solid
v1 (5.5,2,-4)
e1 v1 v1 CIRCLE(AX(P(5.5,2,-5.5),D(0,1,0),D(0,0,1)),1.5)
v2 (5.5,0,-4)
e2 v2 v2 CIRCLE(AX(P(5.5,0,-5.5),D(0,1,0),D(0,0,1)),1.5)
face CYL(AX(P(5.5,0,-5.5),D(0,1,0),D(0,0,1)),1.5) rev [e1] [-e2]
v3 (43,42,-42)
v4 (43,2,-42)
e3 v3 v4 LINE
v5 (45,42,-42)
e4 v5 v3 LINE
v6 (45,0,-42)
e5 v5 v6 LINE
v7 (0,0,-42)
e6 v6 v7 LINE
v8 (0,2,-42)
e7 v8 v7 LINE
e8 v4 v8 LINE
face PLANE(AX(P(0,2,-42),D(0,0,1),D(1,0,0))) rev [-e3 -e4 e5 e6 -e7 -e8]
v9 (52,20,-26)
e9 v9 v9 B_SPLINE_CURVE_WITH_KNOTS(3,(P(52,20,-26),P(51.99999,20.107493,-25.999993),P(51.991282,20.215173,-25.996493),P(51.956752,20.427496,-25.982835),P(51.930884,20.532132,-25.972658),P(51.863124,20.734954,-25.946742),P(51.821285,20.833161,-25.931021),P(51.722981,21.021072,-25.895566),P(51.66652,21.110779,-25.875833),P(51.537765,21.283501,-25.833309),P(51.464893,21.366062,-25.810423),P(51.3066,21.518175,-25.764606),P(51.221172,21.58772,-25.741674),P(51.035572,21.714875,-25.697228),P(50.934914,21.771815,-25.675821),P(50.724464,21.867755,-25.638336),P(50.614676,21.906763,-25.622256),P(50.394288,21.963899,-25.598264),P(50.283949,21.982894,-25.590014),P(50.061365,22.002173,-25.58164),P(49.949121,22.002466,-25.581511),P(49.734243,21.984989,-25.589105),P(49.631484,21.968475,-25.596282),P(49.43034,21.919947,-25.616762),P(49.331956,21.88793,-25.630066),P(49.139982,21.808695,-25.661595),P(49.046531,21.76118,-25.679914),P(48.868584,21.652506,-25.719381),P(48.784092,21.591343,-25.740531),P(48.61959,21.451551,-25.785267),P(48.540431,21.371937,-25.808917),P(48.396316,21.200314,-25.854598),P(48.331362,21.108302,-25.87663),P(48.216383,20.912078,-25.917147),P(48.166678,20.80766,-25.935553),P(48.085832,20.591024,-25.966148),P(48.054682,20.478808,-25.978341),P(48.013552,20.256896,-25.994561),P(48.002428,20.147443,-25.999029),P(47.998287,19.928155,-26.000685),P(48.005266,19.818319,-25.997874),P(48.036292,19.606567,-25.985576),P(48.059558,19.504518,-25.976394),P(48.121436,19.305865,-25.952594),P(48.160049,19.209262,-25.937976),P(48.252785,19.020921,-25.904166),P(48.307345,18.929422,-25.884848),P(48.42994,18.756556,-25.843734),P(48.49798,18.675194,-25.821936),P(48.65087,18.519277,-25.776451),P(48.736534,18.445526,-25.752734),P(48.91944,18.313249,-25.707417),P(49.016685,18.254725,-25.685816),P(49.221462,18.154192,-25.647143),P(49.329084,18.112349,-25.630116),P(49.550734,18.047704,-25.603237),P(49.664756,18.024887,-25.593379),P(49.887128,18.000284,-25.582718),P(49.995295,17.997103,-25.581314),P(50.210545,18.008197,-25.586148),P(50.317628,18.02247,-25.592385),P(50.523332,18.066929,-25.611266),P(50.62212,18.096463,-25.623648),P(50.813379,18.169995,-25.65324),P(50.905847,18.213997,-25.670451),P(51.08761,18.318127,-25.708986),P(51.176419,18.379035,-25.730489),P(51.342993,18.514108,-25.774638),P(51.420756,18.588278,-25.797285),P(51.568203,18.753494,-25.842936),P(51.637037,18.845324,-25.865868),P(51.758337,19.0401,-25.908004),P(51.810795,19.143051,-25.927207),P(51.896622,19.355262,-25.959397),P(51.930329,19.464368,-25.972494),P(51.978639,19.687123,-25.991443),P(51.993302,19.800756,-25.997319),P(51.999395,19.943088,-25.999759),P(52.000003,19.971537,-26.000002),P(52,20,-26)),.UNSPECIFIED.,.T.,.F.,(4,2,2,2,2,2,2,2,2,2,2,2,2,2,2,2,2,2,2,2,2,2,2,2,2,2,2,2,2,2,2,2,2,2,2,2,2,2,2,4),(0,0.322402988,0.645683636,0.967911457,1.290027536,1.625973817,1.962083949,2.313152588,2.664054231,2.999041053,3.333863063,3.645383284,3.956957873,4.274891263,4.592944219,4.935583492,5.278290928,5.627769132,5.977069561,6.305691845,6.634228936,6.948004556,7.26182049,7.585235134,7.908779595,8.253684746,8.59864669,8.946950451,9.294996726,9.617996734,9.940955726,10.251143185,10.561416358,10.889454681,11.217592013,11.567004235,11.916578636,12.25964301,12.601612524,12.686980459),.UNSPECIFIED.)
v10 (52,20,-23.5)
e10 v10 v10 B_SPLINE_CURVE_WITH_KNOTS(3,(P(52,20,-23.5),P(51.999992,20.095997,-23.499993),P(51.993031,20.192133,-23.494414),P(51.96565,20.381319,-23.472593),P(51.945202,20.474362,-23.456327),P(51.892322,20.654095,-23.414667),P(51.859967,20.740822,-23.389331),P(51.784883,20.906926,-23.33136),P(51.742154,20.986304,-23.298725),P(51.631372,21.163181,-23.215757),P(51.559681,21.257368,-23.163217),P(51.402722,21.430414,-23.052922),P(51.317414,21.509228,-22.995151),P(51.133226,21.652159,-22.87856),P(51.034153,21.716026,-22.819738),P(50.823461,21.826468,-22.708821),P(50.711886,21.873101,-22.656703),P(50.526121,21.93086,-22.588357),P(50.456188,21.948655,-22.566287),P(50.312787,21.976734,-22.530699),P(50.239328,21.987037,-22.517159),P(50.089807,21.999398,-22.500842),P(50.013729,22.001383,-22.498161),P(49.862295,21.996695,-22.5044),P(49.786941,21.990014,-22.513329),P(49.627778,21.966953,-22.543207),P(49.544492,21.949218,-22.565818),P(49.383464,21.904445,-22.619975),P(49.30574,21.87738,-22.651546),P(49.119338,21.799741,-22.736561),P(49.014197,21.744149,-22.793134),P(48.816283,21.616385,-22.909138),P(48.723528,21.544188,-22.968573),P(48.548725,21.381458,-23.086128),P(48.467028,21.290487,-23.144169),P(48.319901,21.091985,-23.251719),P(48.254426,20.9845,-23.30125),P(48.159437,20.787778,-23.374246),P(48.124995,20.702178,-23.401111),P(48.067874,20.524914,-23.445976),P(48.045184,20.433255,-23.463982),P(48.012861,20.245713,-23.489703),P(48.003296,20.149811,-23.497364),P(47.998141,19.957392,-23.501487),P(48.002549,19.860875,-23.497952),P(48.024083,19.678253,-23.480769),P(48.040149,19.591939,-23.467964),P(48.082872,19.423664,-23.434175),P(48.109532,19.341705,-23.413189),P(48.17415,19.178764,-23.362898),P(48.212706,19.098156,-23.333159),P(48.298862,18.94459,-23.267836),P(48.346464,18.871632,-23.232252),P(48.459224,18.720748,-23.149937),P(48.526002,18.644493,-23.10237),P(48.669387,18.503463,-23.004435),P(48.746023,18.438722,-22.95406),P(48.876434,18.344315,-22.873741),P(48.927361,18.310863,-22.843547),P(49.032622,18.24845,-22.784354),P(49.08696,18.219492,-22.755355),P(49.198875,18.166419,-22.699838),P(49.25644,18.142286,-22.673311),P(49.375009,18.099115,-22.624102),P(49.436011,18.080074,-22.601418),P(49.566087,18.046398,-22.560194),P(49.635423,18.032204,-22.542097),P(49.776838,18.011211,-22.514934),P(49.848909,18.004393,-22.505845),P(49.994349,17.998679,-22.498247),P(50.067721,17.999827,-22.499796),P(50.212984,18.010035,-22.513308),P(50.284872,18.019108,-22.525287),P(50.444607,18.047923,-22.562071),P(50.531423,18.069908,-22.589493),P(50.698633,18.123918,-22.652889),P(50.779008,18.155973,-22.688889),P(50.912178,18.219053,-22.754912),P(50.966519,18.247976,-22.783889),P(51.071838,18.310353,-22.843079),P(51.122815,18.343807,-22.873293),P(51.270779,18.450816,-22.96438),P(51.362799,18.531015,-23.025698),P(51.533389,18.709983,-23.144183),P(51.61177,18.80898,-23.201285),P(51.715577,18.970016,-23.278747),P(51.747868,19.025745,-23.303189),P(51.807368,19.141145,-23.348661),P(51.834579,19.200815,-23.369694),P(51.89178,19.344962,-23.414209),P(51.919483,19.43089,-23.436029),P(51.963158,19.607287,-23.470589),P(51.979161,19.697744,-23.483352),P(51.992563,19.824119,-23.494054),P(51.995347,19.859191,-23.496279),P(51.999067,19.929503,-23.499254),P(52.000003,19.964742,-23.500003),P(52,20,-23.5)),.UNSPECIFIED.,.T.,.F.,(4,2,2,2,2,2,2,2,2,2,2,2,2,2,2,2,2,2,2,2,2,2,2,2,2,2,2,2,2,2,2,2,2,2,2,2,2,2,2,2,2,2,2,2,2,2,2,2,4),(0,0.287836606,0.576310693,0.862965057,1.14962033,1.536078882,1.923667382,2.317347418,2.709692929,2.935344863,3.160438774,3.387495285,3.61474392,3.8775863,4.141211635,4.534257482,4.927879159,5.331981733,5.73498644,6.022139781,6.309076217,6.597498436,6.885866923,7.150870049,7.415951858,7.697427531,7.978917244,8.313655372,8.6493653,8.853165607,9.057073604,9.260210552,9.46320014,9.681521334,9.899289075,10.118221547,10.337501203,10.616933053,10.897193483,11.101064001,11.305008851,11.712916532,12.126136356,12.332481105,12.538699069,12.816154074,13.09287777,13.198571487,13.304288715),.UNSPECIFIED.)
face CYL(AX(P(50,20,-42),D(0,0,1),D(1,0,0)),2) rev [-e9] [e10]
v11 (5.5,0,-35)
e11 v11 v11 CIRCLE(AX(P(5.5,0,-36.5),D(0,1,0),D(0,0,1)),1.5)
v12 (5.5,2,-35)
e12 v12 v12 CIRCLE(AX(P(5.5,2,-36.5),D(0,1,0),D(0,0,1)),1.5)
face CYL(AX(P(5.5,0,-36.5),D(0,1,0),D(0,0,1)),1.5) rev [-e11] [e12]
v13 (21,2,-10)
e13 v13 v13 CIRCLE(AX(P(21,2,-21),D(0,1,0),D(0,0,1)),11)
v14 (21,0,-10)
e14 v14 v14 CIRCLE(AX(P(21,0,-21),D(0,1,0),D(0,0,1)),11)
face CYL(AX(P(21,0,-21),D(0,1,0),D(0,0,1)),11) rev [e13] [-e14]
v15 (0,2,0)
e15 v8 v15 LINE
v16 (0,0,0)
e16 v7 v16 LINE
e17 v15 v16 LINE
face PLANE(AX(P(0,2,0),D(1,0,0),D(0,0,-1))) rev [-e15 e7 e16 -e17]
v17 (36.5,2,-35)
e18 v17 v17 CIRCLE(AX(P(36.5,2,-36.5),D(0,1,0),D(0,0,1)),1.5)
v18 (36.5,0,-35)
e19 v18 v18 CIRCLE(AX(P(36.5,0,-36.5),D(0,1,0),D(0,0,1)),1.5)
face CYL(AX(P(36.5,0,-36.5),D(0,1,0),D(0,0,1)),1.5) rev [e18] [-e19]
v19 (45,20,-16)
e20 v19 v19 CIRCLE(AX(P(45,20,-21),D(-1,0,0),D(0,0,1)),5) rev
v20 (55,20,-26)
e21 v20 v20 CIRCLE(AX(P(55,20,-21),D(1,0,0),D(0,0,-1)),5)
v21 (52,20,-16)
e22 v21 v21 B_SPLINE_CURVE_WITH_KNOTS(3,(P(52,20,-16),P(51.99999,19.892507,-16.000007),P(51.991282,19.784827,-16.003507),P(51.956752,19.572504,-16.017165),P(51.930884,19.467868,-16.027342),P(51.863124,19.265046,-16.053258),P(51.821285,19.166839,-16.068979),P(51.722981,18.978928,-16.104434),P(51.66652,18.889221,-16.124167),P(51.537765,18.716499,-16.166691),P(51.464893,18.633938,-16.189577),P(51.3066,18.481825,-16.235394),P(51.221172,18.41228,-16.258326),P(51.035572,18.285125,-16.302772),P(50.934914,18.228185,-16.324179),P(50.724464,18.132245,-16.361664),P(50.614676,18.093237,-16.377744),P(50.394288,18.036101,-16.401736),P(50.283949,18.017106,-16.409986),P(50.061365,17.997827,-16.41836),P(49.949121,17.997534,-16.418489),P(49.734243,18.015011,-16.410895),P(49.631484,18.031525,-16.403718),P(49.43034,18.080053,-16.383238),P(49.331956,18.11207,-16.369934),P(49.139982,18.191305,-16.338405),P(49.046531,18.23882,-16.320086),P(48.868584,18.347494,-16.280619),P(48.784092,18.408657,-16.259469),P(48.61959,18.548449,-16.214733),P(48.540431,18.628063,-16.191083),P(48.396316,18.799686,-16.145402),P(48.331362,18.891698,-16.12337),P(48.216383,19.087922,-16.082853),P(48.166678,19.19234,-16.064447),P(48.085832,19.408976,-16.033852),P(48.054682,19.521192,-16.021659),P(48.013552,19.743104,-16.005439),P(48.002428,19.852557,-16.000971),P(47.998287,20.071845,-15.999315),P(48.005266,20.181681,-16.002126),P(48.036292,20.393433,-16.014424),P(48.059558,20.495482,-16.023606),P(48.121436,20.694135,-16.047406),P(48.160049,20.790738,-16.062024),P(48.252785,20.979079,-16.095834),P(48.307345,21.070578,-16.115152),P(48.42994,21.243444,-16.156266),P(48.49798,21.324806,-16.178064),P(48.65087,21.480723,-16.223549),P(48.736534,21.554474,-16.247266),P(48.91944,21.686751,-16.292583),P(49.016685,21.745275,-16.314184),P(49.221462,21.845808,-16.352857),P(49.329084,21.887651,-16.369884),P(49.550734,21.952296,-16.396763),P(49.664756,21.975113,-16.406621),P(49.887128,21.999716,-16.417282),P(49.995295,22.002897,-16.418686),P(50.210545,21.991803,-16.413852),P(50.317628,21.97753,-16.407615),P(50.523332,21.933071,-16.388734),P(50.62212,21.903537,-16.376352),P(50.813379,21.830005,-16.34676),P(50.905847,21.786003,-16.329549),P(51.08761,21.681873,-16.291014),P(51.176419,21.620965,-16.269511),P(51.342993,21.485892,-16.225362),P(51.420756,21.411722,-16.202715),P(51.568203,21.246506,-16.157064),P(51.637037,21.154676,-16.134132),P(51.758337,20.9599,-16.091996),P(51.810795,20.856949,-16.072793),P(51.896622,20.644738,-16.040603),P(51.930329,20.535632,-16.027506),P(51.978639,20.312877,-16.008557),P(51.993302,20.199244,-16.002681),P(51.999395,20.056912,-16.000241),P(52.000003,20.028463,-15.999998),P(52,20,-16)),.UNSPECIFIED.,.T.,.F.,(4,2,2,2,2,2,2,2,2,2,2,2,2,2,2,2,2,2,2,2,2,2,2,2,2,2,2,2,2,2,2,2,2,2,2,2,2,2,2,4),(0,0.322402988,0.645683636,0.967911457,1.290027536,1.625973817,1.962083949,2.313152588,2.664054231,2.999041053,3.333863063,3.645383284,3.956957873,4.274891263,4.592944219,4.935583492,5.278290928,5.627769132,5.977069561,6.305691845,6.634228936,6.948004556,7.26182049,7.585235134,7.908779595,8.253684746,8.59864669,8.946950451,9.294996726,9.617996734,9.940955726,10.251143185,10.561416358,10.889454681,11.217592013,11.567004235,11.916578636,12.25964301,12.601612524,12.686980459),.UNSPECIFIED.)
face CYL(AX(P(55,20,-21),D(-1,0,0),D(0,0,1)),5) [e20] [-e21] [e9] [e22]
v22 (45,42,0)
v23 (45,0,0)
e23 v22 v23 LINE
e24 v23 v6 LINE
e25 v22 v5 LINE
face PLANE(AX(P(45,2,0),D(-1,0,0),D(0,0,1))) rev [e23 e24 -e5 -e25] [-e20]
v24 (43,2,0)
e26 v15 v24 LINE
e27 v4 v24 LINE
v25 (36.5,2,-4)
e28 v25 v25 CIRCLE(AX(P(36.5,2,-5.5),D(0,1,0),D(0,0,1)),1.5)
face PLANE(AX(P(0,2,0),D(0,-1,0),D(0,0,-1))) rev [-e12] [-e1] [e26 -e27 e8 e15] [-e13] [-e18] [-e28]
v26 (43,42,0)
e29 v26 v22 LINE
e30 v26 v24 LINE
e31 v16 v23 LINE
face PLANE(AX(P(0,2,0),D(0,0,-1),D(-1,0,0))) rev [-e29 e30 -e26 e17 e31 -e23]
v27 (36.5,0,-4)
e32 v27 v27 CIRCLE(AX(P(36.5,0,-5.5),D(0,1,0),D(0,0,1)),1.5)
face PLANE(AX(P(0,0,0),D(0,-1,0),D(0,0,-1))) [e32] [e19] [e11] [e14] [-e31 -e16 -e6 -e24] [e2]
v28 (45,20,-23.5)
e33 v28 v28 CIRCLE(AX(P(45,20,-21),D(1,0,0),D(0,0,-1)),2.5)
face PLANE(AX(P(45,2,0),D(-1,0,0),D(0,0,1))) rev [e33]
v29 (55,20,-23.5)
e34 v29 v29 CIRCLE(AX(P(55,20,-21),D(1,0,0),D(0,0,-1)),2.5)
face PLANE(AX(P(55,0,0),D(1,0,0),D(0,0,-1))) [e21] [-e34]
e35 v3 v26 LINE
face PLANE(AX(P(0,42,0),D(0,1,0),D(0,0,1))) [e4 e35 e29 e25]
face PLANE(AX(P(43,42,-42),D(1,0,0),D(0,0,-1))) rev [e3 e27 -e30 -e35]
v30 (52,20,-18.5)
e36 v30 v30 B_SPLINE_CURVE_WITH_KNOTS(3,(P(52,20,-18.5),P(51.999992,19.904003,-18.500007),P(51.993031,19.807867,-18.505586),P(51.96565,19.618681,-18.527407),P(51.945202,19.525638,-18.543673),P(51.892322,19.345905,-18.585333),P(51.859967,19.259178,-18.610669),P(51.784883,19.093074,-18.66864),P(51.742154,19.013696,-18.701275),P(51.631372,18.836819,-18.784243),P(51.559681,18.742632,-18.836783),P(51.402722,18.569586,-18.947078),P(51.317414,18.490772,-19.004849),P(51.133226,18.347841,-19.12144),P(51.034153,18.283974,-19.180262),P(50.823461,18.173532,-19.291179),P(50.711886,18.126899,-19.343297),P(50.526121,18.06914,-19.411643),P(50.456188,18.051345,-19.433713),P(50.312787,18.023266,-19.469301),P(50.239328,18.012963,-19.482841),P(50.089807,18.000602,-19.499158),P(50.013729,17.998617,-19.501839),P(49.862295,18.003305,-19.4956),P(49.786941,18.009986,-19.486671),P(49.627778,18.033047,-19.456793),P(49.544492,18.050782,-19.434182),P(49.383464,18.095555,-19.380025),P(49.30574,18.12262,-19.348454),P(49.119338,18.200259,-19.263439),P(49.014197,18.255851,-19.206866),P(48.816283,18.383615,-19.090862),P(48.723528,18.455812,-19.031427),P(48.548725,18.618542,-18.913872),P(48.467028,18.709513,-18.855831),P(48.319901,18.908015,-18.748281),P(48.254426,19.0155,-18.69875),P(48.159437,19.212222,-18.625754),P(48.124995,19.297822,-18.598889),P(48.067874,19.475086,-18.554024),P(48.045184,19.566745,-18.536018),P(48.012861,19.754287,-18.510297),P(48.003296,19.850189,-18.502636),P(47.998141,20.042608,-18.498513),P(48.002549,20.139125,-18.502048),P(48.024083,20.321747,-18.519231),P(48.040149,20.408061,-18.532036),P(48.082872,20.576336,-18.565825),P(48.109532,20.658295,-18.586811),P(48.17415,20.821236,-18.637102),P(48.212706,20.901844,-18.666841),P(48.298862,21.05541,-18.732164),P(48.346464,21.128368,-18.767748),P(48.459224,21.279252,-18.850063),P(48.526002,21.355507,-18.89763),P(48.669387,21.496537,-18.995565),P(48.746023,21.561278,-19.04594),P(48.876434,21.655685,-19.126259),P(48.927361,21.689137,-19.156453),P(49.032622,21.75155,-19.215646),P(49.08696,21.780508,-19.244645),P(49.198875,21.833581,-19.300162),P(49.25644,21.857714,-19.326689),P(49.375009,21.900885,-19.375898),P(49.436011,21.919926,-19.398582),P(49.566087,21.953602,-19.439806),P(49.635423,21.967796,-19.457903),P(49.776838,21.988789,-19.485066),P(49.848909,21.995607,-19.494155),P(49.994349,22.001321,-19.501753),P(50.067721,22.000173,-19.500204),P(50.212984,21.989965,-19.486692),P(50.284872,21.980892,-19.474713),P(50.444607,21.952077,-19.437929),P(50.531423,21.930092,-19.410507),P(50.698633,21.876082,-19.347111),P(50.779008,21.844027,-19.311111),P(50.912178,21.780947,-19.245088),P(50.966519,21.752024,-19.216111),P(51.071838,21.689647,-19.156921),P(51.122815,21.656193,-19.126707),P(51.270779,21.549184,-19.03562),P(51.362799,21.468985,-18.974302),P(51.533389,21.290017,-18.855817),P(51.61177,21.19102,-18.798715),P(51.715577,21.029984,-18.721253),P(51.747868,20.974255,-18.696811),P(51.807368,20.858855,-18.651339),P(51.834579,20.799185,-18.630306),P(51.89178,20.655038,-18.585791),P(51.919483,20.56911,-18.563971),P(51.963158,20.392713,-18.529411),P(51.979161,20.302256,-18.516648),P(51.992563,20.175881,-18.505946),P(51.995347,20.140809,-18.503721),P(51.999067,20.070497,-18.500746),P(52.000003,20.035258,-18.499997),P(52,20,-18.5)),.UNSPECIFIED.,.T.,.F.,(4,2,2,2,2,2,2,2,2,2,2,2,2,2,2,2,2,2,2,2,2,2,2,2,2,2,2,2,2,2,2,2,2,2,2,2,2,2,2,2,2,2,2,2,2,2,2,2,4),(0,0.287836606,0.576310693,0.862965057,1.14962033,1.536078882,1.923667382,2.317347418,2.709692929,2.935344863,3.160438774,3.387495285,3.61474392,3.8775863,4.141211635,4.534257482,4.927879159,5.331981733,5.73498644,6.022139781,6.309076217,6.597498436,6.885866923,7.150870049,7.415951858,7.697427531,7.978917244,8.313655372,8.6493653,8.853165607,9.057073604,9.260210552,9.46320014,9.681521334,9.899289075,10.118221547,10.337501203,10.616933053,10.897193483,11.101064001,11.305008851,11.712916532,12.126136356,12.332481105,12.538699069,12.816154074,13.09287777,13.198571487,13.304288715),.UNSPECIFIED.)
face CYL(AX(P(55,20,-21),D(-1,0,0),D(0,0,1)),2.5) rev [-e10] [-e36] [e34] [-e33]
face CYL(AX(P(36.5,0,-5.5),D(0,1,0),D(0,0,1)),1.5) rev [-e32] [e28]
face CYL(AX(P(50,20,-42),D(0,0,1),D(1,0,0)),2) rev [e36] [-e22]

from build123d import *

# Parameters (mm, degrees)
SKETCH_1_W          = 45
SKETCH_1_H          = 42
EXTRUDE_1_DEPTH     = 2
SKETCH_2_R          = 11
SKETCH_2_R_2        = 1.5
CUT_EXTRUDE_1_DEPTH = 2
SKETCH_3_W          = 2
SKETCH_3_H          = 42
EXTRUDE_2_DEPTH     = 40
SKETCH_4_R          = 5
SKETCH_4_R_2        = 2.5
EXTRUDE_3_DEPTH     = 10
SKETCH_5_R          = 2
CUT_EXTRUDE_2_DEPTH = 81.950602221


with BuildPart() as part:
    # 草图1 → 凸台-拉伸1 (new body)
    with BuildSketch(Plane(origin=(0, 0, 0), x_dir=(1, 0, 0), z_dir=(0, 1, 0))):
        with Locations((22.5, 21)):
            Rectangle(SKETCH_1_W, SKETCH_1_H)
    extrude(amount=EXTRUDE_1_DEPTH)

    # 草图2 → 切除-拉伸1 (cut)
    with BuildSketch(Plane(origin=(0, 2, 0), x_dir=(1, 0, 0), z_dir=(0, 1, 0))):
        with Locations(Location((21, 21, 0), (0, 0, 270))):
            Circle(SKETCH_2_R)
        with Locations(Location((5.5, 5.5, 0), (0, 0, 270))):
            Circle(SKETCH_2_R_2)
        with Locations(Location((5.5, 36.5, 0), (0, 0, 270))):
            Circle(SKETCH_2_R_2)
        with Locations(Location((36.5, 36.5, 0), (0, 0, 270))):
            Circle(SKETCH_2_R_2)
        with Locations(Location((36.5, 5.5, 0), (0, 0, 270))):
            Circle(SKETCH_2_R_2)
    extrude(amount=-CUT_EXTRUDE_1_DEPTH, mode=Mode.SUBTRACT)

    # 草图3 → 凸台-拉伸2 (add)
    with BuildSketch(Plane(origin=(0, 2, 0), x_dir=(1, 0, 0), z_dir=(0, 1, 0))):
        with Locations((44, 21)):
            Rectangle(SKETCH_3_W, SKETCH_3_H)
    extrude(amount=EXTRUDE_2_DEPTH)

    # 草图4 → 凸台-拉伸3 (add)
    with BuildSketch(Plane(origin=(45, 0, 0), x_dir=(0, 0, -1), z_dir=(1, 0, 0))):
        with Locations(Location((21, 20, 0), (0, 0, 180))):
            Circle(SKETCH_4_R)
        with Locations((21, 20)):
            Circle(SKETCH_4_R_2, mode=Mode.SUBTRACT)
    extrude(amount=EXTRUDE_3_DEPTH)

    # 草图5 → 切除-拉伸2 (cut, through all)
    with BuildSketch(Plane.XY):
        with Locations((50, 20)):
            Circle(SKETCH_5_R)
    extrude(amount=-CUT_EXTRUDE_2_DEPTH, mode=Mode.SUBTRACT)


solid = part.part
